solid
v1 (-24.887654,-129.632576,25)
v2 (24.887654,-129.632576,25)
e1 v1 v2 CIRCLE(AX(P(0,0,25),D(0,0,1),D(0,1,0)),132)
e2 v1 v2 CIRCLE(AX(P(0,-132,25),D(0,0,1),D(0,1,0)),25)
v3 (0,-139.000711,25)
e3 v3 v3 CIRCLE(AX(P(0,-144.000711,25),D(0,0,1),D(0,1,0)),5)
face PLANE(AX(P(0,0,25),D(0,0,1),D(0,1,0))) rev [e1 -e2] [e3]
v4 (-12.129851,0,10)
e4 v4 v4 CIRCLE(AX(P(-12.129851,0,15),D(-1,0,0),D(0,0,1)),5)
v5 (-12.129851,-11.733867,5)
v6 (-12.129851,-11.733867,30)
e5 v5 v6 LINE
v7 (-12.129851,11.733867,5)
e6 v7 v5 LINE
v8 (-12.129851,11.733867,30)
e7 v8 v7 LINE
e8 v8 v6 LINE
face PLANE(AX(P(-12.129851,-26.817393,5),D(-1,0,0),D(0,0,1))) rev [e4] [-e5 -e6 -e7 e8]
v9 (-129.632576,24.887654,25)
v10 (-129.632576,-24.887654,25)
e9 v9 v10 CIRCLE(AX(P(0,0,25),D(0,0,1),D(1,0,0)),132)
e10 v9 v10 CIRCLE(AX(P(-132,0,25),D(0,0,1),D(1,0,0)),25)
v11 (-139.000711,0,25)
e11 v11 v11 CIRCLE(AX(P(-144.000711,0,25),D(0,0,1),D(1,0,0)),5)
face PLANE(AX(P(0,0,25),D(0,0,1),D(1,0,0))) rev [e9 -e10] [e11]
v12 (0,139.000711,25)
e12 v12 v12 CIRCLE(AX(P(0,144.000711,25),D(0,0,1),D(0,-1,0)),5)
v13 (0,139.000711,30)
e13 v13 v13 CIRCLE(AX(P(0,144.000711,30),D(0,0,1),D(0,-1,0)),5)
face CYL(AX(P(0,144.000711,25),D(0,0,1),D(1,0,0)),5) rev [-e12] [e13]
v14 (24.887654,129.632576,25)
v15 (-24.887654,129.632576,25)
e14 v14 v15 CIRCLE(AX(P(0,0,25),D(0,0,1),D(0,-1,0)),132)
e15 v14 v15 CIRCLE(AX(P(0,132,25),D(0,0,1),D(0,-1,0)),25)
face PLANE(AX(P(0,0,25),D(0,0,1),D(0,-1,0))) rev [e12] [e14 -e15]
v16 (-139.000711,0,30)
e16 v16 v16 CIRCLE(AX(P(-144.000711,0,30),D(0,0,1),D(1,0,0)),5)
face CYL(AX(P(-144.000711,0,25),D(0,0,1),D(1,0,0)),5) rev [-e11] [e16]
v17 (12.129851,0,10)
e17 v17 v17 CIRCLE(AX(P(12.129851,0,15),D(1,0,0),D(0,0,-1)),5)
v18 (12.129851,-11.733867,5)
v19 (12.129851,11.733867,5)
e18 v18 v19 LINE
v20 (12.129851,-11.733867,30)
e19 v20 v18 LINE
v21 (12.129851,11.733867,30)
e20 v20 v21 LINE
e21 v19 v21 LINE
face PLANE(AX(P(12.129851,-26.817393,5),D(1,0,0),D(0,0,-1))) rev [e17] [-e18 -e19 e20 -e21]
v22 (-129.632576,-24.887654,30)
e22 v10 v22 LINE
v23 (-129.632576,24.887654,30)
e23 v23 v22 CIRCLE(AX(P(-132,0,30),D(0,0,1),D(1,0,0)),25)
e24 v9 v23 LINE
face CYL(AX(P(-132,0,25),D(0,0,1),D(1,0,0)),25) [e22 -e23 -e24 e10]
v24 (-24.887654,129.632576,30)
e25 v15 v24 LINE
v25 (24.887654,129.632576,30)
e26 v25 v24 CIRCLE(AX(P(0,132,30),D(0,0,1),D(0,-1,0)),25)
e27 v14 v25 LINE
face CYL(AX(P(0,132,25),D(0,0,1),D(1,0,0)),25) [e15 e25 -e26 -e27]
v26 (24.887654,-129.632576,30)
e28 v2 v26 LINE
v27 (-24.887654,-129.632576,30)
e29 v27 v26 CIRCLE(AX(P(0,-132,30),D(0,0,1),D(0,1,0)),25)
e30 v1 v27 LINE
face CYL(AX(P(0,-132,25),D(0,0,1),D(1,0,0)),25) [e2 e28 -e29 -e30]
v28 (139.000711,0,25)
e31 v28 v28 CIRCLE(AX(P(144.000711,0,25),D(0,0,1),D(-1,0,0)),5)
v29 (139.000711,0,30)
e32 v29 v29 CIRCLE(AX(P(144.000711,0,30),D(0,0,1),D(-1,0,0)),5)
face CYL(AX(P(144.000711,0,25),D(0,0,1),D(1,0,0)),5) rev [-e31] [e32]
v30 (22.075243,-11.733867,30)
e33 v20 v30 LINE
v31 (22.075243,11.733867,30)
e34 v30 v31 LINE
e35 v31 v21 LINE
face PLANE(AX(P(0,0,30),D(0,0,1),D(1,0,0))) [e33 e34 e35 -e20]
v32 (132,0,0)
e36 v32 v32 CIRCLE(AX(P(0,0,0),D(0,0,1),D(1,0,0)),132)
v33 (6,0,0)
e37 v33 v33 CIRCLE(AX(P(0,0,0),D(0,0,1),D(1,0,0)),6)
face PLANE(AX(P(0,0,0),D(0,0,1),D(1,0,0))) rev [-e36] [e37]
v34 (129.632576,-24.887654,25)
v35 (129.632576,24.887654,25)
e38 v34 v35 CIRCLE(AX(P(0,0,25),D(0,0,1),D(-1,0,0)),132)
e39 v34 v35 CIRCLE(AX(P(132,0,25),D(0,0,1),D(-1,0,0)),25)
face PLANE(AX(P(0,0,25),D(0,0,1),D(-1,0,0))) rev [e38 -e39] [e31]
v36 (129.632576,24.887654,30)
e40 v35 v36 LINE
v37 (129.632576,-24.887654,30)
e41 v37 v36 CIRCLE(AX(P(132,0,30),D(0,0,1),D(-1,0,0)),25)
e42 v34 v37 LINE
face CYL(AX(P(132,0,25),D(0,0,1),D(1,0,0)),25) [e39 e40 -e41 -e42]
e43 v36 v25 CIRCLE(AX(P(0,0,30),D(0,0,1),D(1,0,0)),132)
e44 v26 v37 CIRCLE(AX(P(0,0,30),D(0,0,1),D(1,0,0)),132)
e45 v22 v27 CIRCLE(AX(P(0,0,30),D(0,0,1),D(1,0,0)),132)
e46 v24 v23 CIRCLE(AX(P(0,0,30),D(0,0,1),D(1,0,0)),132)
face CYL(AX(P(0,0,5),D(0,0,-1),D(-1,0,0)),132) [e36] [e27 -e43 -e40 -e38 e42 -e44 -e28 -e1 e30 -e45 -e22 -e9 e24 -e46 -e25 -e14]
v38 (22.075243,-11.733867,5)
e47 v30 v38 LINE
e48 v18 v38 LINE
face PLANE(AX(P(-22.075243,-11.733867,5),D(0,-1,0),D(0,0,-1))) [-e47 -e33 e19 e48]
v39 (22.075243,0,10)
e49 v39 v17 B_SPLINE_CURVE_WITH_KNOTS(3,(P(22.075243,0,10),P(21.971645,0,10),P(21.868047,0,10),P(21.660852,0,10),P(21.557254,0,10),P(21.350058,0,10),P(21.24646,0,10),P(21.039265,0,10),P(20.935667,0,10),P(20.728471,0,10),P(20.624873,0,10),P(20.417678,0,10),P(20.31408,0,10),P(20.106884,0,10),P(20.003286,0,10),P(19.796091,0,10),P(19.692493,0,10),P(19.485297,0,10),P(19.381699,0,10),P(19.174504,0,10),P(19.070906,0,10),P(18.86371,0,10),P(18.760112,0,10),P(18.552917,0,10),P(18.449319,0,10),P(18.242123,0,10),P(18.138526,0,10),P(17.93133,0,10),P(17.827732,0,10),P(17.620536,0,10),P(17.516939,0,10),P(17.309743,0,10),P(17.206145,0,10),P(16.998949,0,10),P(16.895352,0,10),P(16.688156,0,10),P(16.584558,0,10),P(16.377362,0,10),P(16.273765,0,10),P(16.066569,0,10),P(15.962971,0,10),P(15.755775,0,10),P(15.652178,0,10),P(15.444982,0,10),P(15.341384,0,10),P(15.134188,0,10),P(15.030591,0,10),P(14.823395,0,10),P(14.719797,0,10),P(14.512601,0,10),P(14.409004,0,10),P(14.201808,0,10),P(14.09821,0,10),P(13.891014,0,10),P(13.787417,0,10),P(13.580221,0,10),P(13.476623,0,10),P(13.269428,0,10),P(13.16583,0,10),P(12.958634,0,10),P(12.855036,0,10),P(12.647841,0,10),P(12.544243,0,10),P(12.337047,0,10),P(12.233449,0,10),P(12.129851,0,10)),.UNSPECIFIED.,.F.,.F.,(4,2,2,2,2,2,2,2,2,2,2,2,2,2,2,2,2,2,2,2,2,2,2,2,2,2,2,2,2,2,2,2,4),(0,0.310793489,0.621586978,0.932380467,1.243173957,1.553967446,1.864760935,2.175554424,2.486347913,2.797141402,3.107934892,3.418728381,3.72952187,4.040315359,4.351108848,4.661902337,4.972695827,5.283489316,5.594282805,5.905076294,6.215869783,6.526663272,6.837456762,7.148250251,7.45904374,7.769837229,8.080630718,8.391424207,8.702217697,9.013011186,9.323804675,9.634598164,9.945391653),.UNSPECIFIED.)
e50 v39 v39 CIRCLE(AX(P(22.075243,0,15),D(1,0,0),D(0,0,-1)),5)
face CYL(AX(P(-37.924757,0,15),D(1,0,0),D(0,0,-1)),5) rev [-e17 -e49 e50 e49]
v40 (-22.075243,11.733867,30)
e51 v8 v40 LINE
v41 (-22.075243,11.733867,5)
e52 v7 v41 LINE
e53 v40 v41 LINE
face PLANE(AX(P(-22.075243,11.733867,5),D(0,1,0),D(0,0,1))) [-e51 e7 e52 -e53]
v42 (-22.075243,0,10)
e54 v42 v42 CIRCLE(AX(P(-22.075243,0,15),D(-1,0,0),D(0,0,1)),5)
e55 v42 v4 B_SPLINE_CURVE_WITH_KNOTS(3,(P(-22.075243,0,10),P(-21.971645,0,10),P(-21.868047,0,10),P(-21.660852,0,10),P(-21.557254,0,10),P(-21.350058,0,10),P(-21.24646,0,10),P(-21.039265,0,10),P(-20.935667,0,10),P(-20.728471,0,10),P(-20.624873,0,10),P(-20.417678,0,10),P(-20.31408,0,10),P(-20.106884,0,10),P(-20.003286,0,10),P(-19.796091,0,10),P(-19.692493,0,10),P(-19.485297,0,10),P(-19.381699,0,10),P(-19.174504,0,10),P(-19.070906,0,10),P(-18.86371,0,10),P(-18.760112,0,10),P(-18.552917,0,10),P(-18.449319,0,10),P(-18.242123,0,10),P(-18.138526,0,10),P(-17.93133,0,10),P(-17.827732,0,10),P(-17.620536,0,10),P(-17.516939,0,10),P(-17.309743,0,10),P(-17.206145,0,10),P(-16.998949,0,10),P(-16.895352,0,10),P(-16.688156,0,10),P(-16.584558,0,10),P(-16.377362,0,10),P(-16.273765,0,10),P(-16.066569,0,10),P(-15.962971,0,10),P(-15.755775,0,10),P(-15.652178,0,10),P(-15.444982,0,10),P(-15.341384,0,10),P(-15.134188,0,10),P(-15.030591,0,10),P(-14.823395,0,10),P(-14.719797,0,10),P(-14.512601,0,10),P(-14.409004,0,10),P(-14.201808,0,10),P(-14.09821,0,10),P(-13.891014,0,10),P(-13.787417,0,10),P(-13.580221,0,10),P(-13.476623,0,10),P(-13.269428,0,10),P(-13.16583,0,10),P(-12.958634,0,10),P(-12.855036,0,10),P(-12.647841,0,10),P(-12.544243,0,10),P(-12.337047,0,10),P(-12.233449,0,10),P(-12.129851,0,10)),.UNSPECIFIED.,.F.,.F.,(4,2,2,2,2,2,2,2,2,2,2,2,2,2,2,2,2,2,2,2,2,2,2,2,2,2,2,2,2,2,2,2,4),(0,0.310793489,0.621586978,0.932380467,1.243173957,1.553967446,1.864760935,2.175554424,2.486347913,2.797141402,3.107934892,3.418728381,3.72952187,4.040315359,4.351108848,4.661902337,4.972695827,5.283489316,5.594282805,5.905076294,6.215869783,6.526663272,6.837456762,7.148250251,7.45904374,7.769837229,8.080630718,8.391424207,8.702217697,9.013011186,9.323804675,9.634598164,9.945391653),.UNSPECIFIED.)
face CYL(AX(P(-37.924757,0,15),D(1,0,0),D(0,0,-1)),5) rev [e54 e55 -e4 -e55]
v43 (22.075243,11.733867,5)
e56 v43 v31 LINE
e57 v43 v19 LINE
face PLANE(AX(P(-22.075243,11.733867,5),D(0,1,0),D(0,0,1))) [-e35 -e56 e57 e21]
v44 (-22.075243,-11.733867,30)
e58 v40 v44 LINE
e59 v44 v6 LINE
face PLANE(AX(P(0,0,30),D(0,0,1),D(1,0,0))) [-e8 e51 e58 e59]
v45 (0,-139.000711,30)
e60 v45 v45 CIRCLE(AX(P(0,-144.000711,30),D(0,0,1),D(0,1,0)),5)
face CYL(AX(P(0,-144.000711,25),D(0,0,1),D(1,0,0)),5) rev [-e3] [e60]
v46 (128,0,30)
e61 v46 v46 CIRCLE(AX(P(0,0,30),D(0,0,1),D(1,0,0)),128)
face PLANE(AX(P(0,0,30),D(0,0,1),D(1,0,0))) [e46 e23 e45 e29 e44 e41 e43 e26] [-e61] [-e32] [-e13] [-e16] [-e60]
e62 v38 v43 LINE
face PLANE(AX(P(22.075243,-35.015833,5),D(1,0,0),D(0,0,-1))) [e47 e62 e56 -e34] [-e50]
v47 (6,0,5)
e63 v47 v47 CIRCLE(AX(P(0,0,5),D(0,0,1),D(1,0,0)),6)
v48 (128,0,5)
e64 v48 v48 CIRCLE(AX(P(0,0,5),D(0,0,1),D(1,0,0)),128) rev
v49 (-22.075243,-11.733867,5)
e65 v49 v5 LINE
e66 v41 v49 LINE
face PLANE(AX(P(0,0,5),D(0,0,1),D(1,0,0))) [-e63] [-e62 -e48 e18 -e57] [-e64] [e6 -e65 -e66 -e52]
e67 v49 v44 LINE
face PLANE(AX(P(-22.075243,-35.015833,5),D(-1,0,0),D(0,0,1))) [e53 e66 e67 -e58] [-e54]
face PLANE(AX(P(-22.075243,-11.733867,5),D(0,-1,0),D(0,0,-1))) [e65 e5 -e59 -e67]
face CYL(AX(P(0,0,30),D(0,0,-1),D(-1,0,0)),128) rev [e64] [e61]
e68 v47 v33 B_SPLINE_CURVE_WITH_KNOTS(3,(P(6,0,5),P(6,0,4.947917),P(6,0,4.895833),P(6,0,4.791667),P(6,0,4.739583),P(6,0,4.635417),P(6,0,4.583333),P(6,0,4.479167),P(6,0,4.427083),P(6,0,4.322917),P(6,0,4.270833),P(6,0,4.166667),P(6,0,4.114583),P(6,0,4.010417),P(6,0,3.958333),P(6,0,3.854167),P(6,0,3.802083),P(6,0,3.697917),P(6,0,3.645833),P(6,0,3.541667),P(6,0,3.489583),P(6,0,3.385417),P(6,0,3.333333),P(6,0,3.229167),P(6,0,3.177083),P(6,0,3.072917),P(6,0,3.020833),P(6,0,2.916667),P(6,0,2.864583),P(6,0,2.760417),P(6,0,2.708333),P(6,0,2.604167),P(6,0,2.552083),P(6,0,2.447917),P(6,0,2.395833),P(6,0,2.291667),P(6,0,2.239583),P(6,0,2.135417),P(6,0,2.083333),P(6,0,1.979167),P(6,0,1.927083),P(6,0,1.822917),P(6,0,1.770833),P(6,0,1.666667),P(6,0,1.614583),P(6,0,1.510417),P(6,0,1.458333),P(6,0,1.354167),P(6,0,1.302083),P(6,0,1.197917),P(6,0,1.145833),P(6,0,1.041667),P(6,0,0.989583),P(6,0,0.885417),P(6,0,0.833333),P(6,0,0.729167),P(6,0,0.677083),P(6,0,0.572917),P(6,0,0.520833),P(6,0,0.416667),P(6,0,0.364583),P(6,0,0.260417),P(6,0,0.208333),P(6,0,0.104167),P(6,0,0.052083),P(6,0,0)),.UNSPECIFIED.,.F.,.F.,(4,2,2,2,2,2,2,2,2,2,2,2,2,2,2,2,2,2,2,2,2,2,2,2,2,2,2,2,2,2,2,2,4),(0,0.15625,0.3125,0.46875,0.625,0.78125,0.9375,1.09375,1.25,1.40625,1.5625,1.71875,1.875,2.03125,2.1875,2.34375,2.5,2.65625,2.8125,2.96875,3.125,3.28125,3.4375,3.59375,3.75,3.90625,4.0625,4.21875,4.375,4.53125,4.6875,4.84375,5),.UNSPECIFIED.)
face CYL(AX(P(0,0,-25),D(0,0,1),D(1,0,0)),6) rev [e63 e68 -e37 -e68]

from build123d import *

# Parameters (mm, degrees)
SKETCH1_R           = 132
BOSS_EXTRUDE1_DEPTH = 5
SKETCH2_R           = 132
SKETCH2_R_2         = 128
BOSS_EXTRUDE2_DEPTH = 25
SKETCH3_R           = 25
BOSS_EXTRUDE3_DEPTH = 25
SKETCH4_W           = 24.259702766
SKETCH4_H           = 53.634785552
CUT_EXTRUDE1_DEPTH  = 25
SKETCH5_W           = 53.321862162
SKETCH5_H           = 77.08657154
SKETCH5_W_2         = 44.150486072
SKETCH5_H_2         = 70.031666854
CUT_EXTRUDE2_DEPTH  = 25
SKETCH6_W           = 57.100495662
SKETCH6_H           = 46.822548266
SKETCH6_W_2         = 44.150486072
SKETCH6_H_2         = 23.467734864
CUT_EXTRUDE4_DEPTH  = 25
SKETCH7_R           = 5
CUT_EXTRUDE5_DEPTH  = 60
SKETCH8_R           = 6
CUT_EXTRUDE6_DEPTH  = 30
BOSS_EXTRUDE4_START = -5
SKETCH9_R           = 5
BOSS_EXTRUDE4_DEPTH = 5
CIRPATTERN1_COUNT   = 4


with BuildPart() as part:
    # Sketch1 → Boss-Extrude1 (new body)
    with BuildSketch(Plane.XY):
        Circle(SKETCH1_R)
    extrude(amount=BOSS_EXTRUDE1_DEPTH)

    # Sketch2 → Boss-Extrude2 (add)
    with BuildSketch(Plane.XY.offset(5)):
        Circle(SKETCH2_R)
        Circle(SKETCH2_R_2, mode=Mode.SUBTRACT)
    extrude(amount=BOSS_EXTRUDE2_DEPTH)

    # Sketch3 → Boss-Extrude3 (add)
    with BuildSketch(Plane.XY.offset(5)):
        Circle(SKETCH3_R)
    extrude(amount=BOSS_EXTRUDE3_DEPTH)

    # Sketch4 → Cut-Extrude1 (cut)
    with BuildSketch(Plane.XY.offset(30)):
        Rectangle(SKETCH4_W, SKETCH4_H)
    extrude(amount=-CUT_EXTRUDE1_DEPTH, mode=Mode.SUBTRACT)

    # Sketch5 → Cut-Extrude2 (cut)
    with BuildSketch(Plane.XY.offset(30)):
        Rectangle(SKETCH5_W, SKETCH5_H)
        Rectangle(SKETCH5_W_2, SKETCH5_H_2, mode=Mode.SUBTRACT)
    extrude(amount=-CUT_EXTRUDE2_DEPTH, mode=Mode.SUBTRACT)

    # Sketch6 → Cut-Extrude4 (cut)
    with BuildSketch(Plane.XY.offset(30)):
        Rectangle(SKETCH6_W, SKETCH6_H)
        Rectangle(SKETCH6_W_2, SKETCH6_H_2, mode=Mode.SUBTRACT)
    extrude(amount=-CUT_EXTRUDE4_DEPTH, mode=Mode.SUBTRACT)

    # Sketch7 → Cut-Extrude5 (cut)
    with BuildSketch(Plane(origin=(22.075243036, 0, 0), x_dir=(0, 0, -1), z_dir=(1, 0, 0))):
        with Locations((-15, 0)):
            Circle(SKETCH7_R)
    extrude(amount=-CUT_EXTRUDE5_DEPTH, mode=Mode.SUBTRACT)

    # Sketch8 → Cut-Extrude6 (cut, symmetric)
    with BuildSketch(Plane.XY.offset(5)):
        Circle(SKETCH8_R)
    extrude(amount=CUT_EXTRUDE6_DEPTH, both=True, mode=Mode.SUBTRACT)

    # Sketch9 → Boss-Extrude4 (add)
    with BuildSketch(Plane.XY.offset(30).offset(BOSS_EXTRUDE4_START)):
        with BuildLine():
            ThreePointArc((-129.632575758, -24.887653615), (-132, 0), (-129.632575758, 24.887653615))
            ThreePointArc((-129.632575758, 24.887653615), (-157, 0), (-129.632575758, -24.887653615))
        make_face()
        with Locations((-144.000711393, 0)):
            Circle(SKETCH9_R, mode=Mode.SUBTRACT)
    boss_extrude4 = extrude(amount=BOSS_EXTRUDE4_DEPTH)

    # CirPattern1: Boss-Extrude4 ×4 about axis
    cirpattern1_axis = Axis((0, 0, 0), (0, 0, 1))
    for i in range(1, CIRPATTERN1_COUNT):
        add(boss_extrude4.rotate(cirpattern1_axis, i * 360 / CIRPATTERN1_COUNT))


solid = part.part
